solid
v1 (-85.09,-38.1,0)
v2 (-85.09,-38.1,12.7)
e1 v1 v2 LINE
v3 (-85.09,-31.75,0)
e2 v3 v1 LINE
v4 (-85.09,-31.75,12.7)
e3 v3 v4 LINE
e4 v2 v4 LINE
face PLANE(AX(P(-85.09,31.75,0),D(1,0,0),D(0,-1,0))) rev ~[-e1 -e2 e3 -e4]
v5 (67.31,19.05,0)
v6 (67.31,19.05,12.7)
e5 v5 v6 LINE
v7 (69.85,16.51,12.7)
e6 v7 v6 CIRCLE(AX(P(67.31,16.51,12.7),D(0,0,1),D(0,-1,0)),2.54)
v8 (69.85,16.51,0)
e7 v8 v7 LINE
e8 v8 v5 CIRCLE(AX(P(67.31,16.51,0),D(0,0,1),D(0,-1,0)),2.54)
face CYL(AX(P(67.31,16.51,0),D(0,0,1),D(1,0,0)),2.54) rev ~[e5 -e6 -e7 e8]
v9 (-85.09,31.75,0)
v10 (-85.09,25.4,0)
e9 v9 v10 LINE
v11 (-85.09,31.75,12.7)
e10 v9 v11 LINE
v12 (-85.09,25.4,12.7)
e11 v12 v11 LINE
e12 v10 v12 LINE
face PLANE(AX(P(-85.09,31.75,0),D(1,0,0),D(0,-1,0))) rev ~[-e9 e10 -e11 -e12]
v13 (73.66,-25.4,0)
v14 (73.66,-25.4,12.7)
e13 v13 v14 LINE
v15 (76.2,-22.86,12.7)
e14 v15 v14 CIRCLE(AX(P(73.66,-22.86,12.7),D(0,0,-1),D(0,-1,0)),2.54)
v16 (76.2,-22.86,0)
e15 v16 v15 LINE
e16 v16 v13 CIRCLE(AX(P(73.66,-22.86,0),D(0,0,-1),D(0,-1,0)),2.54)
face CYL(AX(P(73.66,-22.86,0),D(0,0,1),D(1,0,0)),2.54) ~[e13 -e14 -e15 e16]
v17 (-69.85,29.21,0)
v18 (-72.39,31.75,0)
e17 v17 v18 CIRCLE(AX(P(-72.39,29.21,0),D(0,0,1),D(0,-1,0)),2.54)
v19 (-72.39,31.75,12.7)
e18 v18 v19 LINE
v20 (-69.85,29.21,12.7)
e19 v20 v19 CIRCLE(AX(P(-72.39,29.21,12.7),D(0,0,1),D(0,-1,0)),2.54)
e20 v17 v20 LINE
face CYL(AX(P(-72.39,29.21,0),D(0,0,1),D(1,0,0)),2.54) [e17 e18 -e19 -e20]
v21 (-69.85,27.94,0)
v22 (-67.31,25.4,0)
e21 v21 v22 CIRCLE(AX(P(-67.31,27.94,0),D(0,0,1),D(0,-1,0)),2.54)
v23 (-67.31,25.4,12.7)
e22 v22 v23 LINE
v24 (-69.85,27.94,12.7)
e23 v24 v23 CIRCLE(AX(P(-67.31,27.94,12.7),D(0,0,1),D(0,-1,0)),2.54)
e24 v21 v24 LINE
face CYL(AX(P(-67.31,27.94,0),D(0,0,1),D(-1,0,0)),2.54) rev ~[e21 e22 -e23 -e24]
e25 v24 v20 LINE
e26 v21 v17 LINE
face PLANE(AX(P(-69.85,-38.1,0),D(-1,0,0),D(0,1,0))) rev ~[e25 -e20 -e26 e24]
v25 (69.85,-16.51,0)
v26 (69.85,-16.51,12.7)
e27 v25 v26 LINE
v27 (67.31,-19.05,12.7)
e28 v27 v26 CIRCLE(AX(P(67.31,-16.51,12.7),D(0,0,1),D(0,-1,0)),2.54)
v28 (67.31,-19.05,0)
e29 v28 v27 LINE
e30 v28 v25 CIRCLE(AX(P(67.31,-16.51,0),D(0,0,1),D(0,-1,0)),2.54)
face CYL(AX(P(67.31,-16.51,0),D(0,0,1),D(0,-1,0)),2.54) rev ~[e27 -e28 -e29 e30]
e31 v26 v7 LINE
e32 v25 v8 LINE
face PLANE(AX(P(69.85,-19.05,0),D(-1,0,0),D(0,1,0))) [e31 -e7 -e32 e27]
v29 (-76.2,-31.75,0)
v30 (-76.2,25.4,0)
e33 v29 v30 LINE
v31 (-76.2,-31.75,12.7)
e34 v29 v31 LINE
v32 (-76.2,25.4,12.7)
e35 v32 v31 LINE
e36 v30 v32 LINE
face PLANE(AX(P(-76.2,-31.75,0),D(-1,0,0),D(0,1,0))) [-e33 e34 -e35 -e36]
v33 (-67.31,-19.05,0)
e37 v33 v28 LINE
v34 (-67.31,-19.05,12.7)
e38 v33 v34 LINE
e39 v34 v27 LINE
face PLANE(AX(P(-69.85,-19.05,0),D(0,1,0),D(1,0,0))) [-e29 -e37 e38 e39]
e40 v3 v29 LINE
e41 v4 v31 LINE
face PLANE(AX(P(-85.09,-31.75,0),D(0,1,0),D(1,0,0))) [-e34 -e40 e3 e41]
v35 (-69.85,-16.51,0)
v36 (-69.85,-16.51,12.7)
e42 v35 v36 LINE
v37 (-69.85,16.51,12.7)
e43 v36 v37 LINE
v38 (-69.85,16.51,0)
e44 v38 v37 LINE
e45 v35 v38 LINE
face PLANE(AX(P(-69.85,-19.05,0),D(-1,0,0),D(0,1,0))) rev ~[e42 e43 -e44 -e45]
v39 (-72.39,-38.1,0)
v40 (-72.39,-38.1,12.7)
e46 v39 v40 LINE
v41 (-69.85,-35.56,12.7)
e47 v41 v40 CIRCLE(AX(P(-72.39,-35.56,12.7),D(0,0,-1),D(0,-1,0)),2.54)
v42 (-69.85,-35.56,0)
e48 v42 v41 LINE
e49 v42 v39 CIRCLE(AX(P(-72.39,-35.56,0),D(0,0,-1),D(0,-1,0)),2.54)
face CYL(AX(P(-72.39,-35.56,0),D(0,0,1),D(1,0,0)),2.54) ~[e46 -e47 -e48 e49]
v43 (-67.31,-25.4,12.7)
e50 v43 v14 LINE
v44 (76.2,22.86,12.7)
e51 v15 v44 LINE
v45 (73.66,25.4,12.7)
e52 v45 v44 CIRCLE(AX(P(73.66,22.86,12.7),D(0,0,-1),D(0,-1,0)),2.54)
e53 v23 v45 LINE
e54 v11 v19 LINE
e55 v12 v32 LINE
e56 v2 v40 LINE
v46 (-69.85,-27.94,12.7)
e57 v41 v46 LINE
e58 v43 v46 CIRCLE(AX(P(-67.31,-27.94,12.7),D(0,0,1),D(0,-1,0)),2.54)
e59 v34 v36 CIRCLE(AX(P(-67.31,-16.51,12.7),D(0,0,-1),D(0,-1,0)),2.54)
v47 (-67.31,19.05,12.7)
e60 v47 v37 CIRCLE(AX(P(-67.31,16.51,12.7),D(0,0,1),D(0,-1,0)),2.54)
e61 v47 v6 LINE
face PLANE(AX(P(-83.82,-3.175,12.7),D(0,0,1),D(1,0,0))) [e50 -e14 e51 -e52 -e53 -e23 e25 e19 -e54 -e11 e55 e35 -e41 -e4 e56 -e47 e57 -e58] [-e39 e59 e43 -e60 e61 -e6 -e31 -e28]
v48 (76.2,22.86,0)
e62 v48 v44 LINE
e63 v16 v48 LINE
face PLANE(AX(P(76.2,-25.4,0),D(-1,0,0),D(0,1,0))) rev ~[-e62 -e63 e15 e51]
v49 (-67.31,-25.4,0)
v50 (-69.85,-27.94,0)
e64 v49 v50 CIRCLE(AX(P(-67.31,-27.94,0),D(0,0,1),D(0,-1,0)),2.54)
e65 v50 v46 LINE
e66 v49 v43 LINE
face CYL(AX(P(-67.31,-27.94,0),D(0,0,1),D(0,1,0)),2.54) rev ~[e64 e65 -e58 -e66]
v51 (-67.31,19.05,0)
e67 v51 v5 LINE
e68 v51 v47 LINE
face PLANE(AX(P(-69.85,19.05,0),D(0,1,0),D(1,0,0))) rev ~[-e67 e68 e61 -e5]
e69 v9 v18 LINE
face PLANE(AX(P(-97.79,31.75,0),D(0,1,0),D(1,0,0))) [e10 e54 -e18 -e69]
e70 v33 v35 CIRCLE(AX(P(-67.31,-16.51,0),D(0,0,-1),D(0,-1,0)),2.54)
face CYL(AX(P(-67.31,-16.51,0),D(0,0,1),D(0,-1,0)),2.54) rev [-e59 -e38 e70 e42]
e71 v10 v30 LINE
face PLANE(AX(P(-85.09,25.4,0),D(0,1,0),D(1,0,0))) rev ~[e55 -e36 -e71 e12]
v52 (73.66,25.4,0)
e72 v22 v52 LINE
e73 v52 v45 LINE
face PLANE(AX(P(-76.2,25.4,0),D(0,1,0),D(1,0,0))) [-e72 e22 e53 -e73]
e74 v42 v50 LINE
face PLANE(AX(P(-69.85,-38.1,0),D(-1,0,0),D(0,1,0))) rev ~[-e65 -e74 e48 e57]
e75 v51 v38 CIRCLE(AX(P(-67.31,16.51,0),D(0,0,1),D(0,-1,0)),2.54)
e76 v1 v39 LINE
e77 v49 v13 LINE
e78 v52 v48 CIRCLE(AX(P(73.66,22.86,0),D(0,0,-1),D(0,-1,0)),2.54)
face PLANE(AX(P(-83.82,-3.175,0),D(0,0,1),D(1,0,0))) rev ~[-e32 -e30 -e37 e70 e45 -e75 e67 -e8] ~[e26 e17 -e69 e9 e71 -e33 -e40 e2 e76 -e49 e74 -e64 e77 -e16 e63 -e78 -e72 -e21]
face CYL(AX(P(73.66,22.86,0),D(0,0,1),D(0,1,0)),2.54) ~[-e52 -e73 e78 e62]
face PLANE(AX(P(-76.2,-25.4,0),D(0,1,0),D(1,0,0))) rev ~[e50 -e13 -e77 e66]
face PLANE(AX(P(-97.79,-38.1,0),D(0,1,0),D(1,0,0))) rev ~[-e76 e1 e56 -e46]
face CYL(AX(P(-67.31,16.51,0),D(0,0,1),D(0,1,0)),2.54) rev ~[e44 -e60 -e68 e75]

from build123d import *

# Parameters (mm, degrees)
F0_W     = 152.4
F0_H     = 50.8
F0_W_2   = 139.7
F0_H_2   = 38.1
F1_DEPTH = 12.7
F2_W     = 27.94
F2_H     = 69.85
F2_W_2   = 8.89
F2_H_2   = 57.15
F3_DEPTH = 12.7
F4_R     = 2.54
F6_DEPTH = 12.701


with BuildPart() as f1:
    # F0 (on Top) → F1 (new body)
    with BuildSketch(Plane.XY):
        Rectangle(F0_W, F0_H)
        Rectangle(F0_W_2, F0_H_2, mode=Mode.SUBTRACT)
    extrude(amount=F1_DEPTH)

    # F2 (on Top) → F3 (join)
    with BuildSketch(Plane.XY):
        with Locations((-83.82, -3.175)):
            Rectangle(F2_W, F2_H)
        with Locations((-80.645, -3.175)):
            Rectangle(F2_W_2, F2_H_2, mode=Mode.SUBTRACT)
    extrude(amount=F3_DEPTH)

    # F4
    f4_edges = [f1.edges().sort_by_distance(p)[0] for p in [
        (-69.85, 19.05, 6.35),
        (69.85, 19.05, 6.35),
        (69.85, -19.05, 6.35),
        (-69.85, -19.05, 6.35),
        (-69.85, 25.4, 6.35),
        (76.2, 25.4, 6.35),
        (76.2, -25.4, 6.35),
        (-69.85, -25.4, 6.35),
        (-69.85, 31.75, 6.35),
        (-69.85, -38.1, 6.35),
    ]]
    fillet(f4_edges, radius=F4_R)

    # F5 (on face) → F6 (cut, through all)
    with BuildSketch(Plane(origin=(0, 0, 0), x_dir=(1, 0, 0), z_dir=(0, 0, -1))):
        Polygon((-97.79, -31.75), (-85.09, -31.75), (-85.09, -25.4), (-85.09, 31.75), (-85.09, 38.1), (-97.79, 38.1), align=None)
    extrude(amount=-F6_DEPTH, mode=Mode.SUBTRACT)


solid = f1.part
